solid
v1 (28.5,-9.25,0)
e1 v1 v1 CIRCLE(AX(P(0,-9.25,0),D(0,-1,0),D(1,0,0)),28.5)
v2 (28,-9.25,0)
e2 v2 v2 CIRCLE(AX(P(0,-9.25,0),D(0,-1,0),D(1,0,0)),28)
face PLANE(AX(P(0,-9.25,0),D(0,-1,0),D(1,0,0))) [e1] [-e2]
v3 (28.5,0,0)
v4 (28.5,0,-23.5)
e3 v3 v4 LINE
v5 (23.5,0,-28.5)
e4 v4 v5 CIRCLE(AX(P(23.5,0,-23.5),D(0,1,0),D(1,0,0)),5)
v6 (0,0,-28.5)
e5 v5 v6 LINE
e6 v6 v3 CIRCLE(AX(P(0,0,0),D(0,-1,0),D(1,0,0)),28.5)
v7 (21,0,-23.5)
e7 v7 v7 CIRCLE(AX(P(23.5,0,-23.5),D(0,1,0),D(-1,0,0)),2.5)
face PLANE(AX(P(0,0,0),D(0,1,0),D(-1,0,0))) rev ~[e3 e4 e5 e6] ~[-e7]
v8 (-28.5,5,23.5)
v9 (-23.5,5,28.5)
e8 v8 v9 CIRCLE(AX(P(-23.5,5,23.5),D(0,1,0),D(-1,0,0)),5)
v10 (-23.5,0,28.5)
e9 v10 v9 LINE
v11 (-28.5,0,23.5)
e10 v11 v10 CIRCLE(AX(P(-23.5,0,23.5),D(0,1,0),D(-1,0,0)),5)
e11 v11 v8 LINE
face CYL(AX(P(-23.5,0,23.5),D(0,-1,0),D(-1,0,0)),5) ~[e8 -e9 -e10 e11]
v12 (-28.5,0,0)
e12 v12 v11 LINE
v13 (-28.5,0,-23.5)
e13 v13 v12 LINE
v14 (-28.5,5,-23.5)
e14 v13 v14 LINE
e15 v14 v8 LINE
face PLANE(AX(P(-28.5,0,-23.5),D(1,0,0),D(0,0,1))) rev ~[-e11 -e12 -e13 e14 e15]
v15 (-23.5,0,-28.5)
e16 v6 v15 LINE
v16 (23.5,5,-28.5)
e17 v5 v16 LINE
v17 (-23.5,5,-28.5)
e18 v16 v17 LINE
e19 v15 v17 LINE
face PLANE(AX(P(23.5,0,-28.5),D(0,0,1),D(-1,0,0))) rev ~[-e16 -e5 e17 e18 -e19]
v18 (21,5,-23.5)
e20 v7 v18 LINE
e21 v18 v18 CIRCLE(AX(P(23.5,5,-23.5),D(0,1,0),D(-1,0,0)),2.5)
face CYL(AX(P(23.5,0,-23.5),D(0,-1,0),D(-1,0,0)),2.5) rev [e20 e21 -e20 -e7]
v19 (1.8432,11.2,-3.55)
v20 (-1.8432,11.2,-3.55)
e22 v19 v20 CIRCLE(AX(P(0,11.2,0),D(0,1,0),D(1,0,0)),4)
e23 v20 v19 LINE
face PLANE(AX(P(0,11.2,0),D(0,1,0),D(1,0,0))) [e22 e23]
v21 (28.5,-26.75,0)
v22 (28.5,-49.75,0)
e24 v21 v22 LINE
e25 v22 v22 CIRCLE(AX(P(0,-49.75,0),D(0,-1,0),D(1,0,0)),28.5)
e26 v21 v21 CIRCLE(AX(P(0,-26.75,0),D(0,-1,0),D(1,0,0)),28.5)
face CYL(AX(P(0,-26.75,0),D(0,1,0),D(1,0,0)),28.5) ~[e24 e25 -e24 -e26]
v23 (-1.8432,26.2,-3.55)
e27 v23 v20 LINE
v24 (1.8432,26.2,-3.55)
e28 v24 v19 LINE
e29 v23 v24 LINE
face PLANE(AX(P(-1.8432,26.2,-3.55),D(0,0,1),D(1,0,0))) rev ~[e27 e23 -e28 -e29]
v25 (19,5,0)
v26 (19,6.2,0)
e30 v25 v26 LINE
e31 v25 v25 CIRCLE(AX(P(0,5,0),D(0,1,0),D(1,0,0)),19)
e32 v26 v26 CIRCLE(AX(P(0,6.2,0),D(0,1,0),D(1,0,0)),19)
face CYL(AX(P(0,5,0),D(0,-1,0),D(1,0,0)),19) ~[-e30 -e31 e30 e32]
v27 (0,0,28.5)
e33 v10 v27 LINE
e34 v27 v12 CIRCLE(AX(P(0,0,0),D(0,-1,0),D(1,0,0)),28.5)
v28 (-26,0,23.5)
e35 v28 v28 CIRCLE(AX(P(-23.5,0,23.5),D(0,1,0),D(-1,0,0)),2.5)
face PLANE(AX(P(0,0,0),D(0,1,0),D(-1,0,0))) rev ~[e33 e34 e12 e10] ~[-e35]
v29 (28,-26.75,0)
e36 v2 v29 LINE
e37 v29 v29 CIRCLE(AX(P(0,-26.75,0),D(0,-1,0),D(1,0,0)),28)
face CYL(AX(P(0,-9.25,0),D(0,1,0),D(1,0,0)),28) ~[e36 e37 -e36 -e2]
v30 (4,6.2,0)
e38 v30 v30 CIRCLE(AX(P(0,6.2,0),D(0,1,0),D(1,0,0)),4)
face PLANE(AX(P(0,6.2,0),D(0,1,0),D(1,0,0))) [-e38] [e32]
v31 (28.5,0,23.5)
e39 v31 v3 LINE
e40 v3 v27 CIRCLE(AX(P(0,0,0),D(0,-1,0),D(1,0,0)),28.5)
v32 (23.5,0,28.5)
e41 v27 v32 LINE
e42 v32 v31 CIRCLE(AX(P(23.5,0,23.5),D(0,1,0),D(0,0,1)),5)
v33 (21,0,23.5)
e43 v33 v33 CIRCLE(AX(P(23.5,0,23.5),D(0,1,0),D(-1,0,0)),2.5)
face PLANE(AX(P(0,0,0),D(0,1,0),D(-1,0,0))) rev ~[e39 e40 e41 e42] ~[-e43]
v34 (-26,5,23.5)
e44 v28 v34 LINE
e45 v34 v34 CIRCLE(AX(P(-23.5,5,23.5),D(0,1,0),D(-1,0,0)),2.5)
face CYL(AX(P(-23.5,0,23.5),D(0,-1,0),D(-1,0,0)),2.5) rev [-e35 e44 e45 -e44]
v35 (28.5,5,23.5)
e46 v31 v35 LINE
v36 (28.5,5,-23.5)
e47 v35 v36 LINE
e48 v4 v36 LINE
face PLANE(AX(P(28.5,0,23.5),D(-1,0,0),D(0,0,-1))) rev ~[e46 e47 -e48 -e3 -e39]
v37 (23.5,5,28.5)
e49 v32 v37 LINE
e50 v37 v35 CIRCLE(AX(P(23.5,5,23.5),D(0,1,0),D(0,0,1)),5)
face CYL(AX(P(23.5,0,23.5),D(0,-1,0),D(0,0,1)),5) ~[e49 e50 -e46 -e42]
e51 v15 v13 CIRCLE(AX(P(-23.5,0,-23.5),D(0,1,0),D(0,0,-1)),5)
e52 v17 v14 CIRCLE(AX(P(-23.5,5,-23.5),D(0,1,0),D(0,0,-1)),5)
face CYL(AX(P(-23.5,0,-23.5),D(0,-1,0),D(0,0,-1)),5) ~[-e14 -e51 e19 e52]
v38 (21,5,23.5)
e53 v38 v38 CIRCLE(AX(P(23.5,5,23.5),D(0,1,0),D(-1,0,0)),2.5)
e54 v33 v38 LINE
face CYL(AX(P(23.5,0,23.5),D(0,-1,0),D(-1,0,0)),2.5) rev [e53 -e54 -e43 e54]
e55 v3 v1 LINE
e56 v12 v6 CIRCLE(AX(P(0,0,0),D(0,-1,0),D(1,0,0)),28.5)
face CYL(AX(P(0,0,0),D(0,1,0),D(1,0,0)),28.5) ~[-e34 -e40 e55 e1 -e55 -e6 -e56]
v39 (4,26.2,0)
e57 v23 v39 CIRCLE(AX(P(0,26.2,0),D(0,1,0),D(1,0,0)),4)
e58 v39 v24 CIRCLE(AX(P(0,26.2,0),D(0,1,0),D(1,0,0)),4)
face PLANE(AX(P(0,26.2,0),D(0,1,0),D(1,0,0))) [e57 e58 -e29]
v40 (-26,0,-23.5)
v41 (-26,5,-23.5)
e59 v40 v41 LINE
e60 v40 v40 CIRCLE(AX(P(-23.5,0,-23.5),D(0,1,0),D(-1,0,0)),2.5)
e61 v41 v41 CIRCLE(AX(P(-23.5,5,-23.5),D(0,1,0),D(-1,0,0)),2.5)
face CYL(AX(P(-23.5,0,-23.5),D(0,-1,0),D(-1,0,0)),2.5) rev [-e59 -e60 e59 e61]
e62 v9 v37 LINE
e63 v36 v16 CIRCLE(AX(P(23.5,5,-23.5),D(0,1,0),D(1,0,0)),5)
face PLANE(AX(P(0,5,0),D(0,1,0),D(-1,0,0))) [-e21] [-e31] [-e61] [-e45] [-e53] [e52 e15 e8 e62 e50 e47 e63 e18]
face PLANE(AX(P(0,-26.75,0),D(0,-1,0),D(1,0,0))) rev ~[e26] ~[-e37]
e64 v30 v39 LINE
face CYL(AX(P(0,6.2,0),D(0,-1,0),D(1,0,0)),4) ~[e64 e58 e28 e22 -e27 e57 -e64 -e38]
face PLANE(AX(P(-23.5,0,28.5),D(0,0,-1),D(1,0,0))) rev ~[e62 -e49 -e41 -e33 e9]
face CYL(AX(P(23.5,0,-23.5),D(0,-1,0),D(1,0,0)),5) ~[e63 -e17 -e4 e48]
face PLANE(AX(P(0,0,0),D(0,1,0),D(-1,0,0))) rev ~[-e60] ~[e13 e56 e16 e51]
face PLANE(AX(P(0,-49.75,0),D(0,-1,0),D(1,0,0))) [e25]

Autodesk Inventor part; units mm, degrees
ref_plane "YZ Plane" through (0, 0, 0) normal (1, 0, 0) x (0, 1, 0)
ref_plane "XZ Plane" through (0, 0, 0) normal (0, 1, 0) x (-1, 0, 0)
ref_plane "XY Plane" through (0, 0, 0) normal (0, 0, 1) x (1, 0, 0)
sketch "草圖1" plane through (0, 0, 0) normal (0, 1, 0) x (-1, 0, 0)
  line L0 (23.5, 28.5) -> (-23.5, 28.5)
  line L1 (-28.5, 23.5) -> (-28.5, -23.5)
  line L2 (-23.5, -28.5) -> (23.5, -28.5)
  line L3 (28.5, -23.5) -> (28.5, 23.5)
  circle A0 centre (23.5, 23.5) radius 2.5
  circle A1 centre (23.5, -23.5) radius 2.5
  circle A2 centre (-23.5, -23.5) radius 2.5
  circle A3 centre (-23.5, 23.5) radius 2.5
  arc A4 (28.5, 23.5) -> (23.5, 28.5) centre (23.5, 23.5) ccw
  arc A5 (-23.5, 28.5) -> (-28.5, 23.5) centre (-23.5, 23.5) ccw
  arc A6 (-28.5, -23.5) -> (-23.5, -28.5) centre (-23.5, -23.5) ccw
  arc A7 (23.5, -28.5) -> (28.5, -23.5) centre (23.5, -23.5) ccw
  point P0 (0, 0)
  point P1 (28.5, 28.5)
  point P2 (-28.5, -28.5)
  point P3 (28.5, -28.5)
  dimension "d0" = 57
  dimension "d1" = 57
  dimension "d2" = 5
  dimension "d3" = 47
  dimension "d4" = 5
  dimension "d5" = 5
  dimension "d6" = 5
  dimension "d7" = 5
  dimension "d8" = 5
  dimension "d9" = 5
  dimension "d10" = 5
  dimension "d11" = 5
  dimension "d12" = 28.5
  dimension "d13" = 28.5
extrude "擠出1" add sketch "草圖1" along normal blind 5
sketch "草圖2" plane through (0, 5, 0) normal (0, 1, 0) x (1, 0, 0)
  circle A0 centre (0, 0) radius 19
  dimension "d16" = 38
extrude "擠出2" add sketch "草圖2" along normal blind 1.2
sketch "草圖3" plane through (0, 6.2, 0) normal (0, 1, 0) x (1, 0, 0)
  circle A0 centre (0, 0) radius 4
  dimension "d19" = 8
extrude "擠出3" add sketch "草圖3" along normal blind 20
sketch "草圖4" plane through (0, 26.2, 0) normal (0, 1, 0) x (1, 0, 0)
  line L0 (-1.8432, 3.55) -> (1.8432, 3.55)
  circle A0 centre (0, 0) radius 4 projected
  circle A1 centre (0, 0) radius 4 projected
  arc A2 (1.8432, 3.55) -> (-1.8432, 3.55) centre (0, 0) ccw
  line L1 (28.5, -23.5) -> (28.5, 23.5) projected
  point P0 (0, -4)
  dimension "d22" = 7.55
  dimension "d23" = 28.5
extrude "擠出4" cut sketch "草圖4" against normal blind 15 contours A0 L0 picked at (-0.3162, 3.662)
sketch "草圖5" plane through (0, 0, 0) normal (0, -1, 0) x (1, 0, 0)
  circle A0 centre (0, 0) radius 28.5
  dimension "d26" = 57
extrude "擠出5" add sketch "草圖5" along normal blind 9.25
sketch "草圖6" plane through (0, -9.25, 0) normal (0, -1, 0) x (1, 0, 0)
  circle A0 centre (0, 0) radius 28
  dimension "d29" = 56
extrude "擠出6" add sketch "草圖6" along normal blind 17.5
sketch "草圖7" plane through (0, -26.75, 0) normal (0, -1, 0) x (1, 0, 0)
  circle A0 centre (0, 0) radius 4 projected
  circle A1 centre (0, 0) radius 28.5
extrude "擠出7" add sketch "草圖7" along normal blind 23 contours A0 | A1
thread "螺紋1" size "M56x1.5" class "6g" standard "ANSI Metric M Profile" length 103
properties part number "BLDC_motor"
